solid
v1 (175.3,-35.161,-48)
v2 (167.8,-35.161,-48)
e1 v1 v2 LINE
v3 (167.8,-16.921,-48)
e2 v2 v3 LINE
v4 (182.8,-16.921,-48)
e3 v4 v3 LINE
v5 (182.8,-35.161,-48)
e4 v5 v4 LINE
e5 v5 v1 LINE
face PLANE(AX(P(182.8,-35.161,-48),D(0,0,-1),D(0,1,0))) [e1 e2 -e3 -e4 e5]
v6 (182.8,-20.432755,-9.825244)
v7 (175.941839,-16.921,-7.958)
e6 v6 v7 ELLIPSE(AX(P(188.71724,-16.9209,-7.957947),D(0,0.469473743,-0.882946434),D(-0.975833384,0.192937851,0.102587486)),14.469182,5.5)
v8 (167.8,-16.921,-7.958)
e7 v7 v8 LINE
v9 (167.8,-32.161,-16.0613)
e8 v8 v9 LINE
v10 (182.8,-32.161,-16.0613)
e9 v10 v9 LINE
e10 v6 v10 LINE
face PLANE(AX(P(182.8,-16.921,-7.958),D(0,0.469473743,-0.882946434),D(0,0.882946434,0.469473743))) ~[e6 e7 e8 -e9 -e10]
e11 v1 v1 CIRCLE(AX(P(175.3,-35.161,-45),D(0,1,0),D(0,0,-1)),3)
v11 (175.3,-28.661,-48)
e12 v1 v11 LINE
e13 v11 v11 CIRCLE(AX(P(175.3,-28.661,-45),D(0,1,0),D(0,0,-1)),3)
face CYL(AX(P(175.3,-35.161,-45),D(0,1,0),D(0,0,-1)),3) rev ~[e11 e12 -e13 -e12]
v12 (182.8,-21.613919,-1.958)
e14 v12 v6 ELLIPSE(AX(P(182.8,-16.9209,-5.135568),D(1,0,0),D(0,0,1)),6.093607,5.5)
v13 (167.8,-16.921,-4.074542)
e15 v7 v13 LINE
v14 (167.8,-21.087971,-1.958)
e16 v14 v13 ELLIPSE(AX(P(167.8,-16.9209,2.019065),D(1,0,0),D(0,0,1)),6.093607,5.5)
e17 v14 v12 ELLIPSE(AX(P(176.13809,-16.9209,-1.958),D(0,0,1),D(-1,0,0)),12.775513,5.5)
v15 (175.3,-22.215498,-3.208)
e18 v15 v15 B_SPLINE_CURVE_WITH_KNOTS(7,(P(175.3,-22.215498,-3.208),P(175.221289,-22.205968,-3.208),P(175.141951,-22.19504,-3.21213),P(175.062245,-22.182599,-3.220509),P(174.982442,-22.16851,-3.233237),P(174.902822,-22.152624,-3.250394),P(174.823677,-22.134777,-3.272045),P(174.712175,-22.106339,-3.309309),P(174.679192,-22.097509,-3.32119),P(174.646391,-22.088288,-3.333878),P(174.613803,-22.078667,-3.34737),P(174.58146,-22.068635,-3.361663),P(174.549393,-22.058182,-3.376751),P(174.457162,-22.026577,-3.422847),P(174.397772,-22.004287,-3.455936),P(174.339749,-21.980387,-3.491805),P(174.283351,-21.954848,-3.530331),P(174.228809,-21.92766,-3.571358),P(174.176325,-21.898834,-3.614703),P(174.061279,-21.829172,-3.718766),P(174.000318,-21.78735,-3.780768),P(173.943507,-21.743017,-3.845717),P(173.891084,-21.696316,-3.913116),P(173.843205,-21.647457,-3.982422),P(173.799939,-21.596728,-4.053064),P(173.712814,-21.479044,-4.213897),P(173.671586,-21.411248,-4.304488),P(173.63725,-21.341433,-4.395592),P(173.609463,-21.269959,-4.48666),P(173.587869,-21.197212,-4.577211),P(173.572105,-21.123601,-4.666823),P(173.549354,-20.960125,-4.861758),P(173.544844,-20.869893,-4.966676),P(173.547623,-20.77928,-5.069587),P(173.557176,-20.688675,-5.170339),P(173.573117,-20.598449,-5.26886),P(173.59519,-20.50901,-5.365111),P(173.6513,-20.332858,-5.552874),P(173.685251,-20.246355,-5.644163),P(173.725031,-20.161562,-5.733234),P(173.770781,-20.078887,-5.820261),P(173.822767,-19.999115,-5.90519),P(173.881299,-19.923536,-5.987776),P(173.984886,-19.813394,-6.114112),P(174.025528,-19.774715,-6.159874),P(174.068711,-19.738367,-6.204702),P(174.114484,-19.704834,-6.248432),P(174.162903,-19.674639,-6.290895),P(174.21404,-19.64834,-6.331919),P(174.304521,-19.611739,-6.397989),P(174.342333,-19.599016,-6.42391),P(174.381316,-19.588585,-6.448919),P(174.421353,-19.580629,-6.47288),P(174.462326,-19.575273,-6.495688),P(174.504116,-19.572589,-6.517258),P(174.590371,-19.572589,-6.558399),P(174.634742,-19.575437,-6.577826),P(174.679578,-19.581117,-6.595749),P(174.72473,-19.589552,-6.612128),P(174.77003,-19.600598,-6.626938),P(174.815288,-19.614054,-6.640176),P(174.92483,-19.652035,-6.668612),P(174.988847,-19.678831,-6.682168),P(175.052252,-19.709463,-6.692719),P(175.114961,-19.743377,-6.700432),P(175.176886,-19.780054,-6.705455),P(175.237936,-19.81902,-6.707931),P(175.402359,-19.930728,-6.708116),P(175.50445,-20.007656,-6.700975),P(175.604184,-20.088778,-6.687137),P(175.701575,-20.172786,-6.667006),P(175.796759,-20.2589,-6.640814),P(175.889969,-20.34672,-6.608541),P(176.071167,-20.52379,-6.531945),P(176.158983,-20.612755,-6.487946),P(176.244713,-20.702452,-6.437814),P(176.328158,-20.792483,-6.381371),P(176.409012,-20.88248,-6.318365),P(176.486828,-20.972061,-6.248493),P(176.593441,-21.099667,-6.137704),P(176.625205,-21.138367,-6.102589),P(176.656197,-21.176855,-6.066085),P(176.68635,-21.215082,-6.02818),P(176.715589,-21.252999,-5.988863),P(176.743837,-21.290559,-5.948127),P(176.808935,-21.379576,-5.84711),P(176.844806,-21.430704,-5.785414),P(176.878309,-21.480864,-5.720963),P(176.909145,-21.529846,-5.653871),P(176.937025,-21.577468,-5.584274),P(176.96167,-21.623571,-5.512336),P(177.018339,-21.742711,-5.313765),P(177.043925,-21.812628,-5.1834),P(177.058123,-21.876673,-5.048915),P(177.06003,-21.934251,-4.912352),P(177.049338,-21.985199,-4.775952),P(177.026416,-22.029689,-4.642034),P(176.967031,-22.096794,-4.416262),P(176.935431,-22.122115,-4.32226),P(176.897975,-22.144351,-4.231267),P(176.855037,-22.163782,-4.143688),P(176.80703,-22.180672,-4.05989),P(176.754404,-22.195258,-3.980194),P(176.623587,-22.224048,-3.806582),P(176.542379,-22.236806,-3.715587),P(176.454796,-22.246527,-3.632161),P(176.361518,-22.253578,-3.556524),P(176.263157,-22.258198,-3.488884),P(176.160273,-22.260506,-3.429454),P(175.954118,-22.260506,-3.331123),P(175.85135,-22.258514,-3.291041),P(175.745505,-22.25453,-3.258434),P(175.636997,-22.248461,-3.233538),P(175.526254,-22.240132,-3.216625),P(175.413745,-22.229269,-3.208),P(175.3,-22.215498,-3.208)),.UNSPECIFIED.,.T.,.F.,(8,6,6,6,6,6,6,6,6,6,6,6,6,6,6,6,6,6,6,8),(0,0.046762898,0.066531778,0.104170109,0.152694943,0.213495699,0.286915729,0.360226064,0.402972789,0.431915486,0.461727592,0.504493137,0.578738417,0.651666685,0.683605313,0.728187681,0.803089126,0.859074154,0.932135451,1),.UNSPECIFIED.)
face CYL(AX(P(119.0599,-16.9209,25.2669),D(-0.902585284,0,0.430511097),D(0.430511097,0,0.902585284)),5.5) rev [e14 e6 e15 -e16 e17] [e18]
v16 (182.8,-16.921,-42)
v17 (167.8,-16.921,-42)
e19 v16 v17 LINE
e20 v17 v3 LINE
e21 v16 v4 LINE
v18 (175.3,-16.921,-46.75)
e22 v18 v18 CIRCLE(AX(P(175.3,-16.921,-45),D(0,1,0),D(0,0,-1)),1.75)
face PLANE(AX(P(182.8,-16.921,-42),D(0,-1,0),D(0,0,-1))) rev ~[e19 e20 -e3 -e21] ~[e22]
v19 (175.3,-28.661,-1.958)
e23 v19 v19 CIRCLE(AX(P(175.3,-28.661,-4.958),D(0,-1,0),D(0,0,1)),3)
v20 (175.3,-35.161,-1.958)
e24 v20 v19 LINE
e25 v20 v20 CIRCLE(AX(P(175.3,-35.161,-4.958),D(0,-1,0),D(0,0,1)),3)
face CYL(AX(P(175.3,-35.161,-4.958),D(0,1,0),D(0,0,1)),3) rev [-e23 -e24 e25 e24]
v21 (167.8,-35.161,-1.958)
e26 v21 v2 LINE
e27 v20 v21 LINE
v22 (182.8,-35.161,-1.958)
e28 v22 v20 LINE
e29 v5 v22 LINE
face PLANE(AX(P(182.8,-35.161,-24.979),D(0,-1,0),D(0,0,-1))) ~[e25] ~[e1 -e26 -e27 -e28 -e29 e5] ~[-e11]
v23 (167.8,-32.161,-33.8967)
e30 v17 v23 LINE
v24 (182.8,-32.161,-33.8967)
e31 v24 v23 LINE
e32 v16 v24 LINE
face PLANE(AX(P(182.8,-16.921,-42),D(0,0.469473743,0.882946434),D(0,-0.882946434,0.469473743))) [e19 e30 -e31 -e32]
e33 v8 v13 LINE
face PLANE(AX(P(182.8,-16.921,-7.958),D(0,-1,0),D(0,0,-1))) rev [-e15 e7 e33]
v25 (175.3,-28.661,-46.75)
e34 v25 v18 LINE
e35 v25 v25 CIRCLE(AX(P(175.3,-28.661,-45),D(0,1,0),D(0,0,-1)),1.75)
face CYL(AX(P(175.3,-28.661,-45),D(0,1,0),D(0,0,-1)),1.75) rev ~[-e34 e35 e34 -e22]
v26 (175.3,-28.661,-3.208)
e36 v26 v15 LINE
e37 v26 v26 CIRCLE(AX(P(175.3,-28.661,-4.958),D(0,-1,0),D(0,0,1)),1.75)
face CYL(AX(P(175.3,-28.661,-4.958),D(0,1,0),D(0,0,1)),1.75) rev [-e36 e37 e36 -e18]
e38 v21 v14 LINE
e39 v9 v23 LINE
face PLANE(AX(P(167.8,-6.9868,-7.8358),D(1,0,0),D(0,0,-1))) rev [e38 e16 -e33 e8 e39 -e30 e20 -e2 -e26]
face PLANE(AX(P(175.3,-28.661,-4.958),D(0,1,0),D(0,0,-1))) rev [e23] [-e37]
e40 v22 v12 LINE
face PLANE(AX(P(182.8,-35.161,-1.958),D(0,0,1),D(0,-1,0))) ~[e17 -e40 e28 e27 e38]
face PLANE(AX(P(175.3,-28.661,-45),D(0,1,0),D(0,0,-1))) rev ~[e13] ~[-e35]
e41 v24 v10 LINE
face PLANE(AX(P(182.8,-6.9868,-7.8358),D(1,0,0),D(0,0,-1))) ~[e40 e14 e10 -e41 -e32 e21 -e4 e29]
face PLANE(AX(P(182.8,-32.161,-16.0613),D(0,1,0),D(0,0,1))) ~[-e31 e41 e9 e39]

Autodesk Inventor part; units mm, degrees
ref_plane "YZ Plane" through (0, 0, 0) normal (1, 0, 0) x (0, 1, 0)
ref_plane "XZ Plane" through (0, 0, 0) normal (0, 1, 0) x (-1, 0, 0)
ref_plane "Work Plane1" through (182.8, -16.921, -7.958) normal (0, -1, 0) x (0, 0, -1)
ref_plane "Work Plane2" through (182.8, -6.9868, -42.1222) normal (1, 0, 0) x (0, 0, -1)
sketch "Sketch1" plane through (182.8, -6.9868, -42.1222) normal (1, 0, 0) x (0, 0, -1)
  arc A0 (5.0194, 6.9868) -> (5.8778, 5.8182) centre (7.8778, 8.1868) ccw projected
  line L0 (-9.7772, 6.9868) -> (5.0194, 6.9868) projected
  arc A1 (-7.9865, 5.8774) -> (-9.7772, 6.9868) centre (-9.7772, 4.9868) ccw projected
  line L1 (-7.9865, 5.8774) -> (-0.1222, -9.9342) projected
  line L2 (-0.1222, -9.9342) -> (5.8778, -9.9342) projected
  line L3 (5.8778, -9.9342) -> (5.8778, 5.8182) projected
  line L4 (-42.1222, 6.9868) -> (-42.1222, -9.9342) projected
  line L5 (-42.1222, -9.9342) -> (-34.1642, -9.9342) projected
  line L6 (-34.1642, -9.9342) -> (-26.2998, 5.8774) projected
  arc A2 (-24.5091, 6.9868) -> (-26.2998, 5.8774) centre (-24.5091, 4.9868) ccw projected
  line L7 (-42.1222, 6.9868) -> (-24.5091, 6.9868) projected
  circle A3 centre (-17.1432, -9.9342) radius 15.24 construction
  line L8 (-17.1432, -9.9342) -> (-17.1432, -20.9232) construction
  line L9 (-17.1432, -9.9342) -> (-6.1542, -9.9342) construction
  line L10 (-0.1222, -9.9342) -> (-8.2255, -25.1742)
  line L11 (-0.1222, -9.9342) -> (17.1381, -9.9342) construction
  line L12 (-8.2255, -25.1742) -> (-17.1432, -25.1742)
  line L13 (-17.1432, -25.1742) -> (-17.1432, -28.1742)
  line L14 (-17.1432, -28.1742) -> (5.8778, -28.1742)
  line L15 (5.8778, -28.1742) -> (5.8778, -9.9342)
  line L16 (-0.1222, -9.9342) -> (5.8778, -9.9342)
  dimension "d0" = 90
  dimension "d1" = 118
  dimension "d2" = 3
  dimension "d3" = 90
ref_plane "Work Plane3" through (167.8, -16.921, -48) normal (-1, 0, 0) x (0, 0, 1)
extrude "Extrusion1" add sketch "Sketch1" against normal up to surface (15 mm away) contours L15 L14 L13 L12 L10 L2
sketch "Sketch2" plane through (182.8, -35.161, -48) normal (0, -1, 0) x (1, 0, 0)
  circle A0 centre (-7.5, 3) radius 1.45 projected
  point P0 (-182.8, 48)
hole "Hole1" at (175.3, -35.161, -45) direction (0, 1, 0) diameter 3.5 end through all counterbore diameter 6 counterbore depth 6.5
mirror "Mirror1" about plane through (182.8, -35.161, -24.979) normal (0, 0, 1) of "Extrusion1", "Hole1"
ref_plane "Work Plane4" through (119.0599, -16.9209, 25.2669) normal (0.9026, 0, -0.4305) x (0.4305, 0, 0.9026)
sketch "Sketch3" plane through (119.0599, -16.9209, 25.2669) normal (0.9026, 0, -0.4305) x (0.4305, 0, 0.9026)
  circle A0 centre (0, 0) radius 12.5
  circle A1 centre (0, 0) radius 5.5
  point P0 (-74.0621, -16.9209)
  dimension "d13" = 11
extrude "Extrusion2" cut sketch "Sketch3" along normal through all contours A1
properties part number "30_CUBE_openSIM_Lensfixation"
